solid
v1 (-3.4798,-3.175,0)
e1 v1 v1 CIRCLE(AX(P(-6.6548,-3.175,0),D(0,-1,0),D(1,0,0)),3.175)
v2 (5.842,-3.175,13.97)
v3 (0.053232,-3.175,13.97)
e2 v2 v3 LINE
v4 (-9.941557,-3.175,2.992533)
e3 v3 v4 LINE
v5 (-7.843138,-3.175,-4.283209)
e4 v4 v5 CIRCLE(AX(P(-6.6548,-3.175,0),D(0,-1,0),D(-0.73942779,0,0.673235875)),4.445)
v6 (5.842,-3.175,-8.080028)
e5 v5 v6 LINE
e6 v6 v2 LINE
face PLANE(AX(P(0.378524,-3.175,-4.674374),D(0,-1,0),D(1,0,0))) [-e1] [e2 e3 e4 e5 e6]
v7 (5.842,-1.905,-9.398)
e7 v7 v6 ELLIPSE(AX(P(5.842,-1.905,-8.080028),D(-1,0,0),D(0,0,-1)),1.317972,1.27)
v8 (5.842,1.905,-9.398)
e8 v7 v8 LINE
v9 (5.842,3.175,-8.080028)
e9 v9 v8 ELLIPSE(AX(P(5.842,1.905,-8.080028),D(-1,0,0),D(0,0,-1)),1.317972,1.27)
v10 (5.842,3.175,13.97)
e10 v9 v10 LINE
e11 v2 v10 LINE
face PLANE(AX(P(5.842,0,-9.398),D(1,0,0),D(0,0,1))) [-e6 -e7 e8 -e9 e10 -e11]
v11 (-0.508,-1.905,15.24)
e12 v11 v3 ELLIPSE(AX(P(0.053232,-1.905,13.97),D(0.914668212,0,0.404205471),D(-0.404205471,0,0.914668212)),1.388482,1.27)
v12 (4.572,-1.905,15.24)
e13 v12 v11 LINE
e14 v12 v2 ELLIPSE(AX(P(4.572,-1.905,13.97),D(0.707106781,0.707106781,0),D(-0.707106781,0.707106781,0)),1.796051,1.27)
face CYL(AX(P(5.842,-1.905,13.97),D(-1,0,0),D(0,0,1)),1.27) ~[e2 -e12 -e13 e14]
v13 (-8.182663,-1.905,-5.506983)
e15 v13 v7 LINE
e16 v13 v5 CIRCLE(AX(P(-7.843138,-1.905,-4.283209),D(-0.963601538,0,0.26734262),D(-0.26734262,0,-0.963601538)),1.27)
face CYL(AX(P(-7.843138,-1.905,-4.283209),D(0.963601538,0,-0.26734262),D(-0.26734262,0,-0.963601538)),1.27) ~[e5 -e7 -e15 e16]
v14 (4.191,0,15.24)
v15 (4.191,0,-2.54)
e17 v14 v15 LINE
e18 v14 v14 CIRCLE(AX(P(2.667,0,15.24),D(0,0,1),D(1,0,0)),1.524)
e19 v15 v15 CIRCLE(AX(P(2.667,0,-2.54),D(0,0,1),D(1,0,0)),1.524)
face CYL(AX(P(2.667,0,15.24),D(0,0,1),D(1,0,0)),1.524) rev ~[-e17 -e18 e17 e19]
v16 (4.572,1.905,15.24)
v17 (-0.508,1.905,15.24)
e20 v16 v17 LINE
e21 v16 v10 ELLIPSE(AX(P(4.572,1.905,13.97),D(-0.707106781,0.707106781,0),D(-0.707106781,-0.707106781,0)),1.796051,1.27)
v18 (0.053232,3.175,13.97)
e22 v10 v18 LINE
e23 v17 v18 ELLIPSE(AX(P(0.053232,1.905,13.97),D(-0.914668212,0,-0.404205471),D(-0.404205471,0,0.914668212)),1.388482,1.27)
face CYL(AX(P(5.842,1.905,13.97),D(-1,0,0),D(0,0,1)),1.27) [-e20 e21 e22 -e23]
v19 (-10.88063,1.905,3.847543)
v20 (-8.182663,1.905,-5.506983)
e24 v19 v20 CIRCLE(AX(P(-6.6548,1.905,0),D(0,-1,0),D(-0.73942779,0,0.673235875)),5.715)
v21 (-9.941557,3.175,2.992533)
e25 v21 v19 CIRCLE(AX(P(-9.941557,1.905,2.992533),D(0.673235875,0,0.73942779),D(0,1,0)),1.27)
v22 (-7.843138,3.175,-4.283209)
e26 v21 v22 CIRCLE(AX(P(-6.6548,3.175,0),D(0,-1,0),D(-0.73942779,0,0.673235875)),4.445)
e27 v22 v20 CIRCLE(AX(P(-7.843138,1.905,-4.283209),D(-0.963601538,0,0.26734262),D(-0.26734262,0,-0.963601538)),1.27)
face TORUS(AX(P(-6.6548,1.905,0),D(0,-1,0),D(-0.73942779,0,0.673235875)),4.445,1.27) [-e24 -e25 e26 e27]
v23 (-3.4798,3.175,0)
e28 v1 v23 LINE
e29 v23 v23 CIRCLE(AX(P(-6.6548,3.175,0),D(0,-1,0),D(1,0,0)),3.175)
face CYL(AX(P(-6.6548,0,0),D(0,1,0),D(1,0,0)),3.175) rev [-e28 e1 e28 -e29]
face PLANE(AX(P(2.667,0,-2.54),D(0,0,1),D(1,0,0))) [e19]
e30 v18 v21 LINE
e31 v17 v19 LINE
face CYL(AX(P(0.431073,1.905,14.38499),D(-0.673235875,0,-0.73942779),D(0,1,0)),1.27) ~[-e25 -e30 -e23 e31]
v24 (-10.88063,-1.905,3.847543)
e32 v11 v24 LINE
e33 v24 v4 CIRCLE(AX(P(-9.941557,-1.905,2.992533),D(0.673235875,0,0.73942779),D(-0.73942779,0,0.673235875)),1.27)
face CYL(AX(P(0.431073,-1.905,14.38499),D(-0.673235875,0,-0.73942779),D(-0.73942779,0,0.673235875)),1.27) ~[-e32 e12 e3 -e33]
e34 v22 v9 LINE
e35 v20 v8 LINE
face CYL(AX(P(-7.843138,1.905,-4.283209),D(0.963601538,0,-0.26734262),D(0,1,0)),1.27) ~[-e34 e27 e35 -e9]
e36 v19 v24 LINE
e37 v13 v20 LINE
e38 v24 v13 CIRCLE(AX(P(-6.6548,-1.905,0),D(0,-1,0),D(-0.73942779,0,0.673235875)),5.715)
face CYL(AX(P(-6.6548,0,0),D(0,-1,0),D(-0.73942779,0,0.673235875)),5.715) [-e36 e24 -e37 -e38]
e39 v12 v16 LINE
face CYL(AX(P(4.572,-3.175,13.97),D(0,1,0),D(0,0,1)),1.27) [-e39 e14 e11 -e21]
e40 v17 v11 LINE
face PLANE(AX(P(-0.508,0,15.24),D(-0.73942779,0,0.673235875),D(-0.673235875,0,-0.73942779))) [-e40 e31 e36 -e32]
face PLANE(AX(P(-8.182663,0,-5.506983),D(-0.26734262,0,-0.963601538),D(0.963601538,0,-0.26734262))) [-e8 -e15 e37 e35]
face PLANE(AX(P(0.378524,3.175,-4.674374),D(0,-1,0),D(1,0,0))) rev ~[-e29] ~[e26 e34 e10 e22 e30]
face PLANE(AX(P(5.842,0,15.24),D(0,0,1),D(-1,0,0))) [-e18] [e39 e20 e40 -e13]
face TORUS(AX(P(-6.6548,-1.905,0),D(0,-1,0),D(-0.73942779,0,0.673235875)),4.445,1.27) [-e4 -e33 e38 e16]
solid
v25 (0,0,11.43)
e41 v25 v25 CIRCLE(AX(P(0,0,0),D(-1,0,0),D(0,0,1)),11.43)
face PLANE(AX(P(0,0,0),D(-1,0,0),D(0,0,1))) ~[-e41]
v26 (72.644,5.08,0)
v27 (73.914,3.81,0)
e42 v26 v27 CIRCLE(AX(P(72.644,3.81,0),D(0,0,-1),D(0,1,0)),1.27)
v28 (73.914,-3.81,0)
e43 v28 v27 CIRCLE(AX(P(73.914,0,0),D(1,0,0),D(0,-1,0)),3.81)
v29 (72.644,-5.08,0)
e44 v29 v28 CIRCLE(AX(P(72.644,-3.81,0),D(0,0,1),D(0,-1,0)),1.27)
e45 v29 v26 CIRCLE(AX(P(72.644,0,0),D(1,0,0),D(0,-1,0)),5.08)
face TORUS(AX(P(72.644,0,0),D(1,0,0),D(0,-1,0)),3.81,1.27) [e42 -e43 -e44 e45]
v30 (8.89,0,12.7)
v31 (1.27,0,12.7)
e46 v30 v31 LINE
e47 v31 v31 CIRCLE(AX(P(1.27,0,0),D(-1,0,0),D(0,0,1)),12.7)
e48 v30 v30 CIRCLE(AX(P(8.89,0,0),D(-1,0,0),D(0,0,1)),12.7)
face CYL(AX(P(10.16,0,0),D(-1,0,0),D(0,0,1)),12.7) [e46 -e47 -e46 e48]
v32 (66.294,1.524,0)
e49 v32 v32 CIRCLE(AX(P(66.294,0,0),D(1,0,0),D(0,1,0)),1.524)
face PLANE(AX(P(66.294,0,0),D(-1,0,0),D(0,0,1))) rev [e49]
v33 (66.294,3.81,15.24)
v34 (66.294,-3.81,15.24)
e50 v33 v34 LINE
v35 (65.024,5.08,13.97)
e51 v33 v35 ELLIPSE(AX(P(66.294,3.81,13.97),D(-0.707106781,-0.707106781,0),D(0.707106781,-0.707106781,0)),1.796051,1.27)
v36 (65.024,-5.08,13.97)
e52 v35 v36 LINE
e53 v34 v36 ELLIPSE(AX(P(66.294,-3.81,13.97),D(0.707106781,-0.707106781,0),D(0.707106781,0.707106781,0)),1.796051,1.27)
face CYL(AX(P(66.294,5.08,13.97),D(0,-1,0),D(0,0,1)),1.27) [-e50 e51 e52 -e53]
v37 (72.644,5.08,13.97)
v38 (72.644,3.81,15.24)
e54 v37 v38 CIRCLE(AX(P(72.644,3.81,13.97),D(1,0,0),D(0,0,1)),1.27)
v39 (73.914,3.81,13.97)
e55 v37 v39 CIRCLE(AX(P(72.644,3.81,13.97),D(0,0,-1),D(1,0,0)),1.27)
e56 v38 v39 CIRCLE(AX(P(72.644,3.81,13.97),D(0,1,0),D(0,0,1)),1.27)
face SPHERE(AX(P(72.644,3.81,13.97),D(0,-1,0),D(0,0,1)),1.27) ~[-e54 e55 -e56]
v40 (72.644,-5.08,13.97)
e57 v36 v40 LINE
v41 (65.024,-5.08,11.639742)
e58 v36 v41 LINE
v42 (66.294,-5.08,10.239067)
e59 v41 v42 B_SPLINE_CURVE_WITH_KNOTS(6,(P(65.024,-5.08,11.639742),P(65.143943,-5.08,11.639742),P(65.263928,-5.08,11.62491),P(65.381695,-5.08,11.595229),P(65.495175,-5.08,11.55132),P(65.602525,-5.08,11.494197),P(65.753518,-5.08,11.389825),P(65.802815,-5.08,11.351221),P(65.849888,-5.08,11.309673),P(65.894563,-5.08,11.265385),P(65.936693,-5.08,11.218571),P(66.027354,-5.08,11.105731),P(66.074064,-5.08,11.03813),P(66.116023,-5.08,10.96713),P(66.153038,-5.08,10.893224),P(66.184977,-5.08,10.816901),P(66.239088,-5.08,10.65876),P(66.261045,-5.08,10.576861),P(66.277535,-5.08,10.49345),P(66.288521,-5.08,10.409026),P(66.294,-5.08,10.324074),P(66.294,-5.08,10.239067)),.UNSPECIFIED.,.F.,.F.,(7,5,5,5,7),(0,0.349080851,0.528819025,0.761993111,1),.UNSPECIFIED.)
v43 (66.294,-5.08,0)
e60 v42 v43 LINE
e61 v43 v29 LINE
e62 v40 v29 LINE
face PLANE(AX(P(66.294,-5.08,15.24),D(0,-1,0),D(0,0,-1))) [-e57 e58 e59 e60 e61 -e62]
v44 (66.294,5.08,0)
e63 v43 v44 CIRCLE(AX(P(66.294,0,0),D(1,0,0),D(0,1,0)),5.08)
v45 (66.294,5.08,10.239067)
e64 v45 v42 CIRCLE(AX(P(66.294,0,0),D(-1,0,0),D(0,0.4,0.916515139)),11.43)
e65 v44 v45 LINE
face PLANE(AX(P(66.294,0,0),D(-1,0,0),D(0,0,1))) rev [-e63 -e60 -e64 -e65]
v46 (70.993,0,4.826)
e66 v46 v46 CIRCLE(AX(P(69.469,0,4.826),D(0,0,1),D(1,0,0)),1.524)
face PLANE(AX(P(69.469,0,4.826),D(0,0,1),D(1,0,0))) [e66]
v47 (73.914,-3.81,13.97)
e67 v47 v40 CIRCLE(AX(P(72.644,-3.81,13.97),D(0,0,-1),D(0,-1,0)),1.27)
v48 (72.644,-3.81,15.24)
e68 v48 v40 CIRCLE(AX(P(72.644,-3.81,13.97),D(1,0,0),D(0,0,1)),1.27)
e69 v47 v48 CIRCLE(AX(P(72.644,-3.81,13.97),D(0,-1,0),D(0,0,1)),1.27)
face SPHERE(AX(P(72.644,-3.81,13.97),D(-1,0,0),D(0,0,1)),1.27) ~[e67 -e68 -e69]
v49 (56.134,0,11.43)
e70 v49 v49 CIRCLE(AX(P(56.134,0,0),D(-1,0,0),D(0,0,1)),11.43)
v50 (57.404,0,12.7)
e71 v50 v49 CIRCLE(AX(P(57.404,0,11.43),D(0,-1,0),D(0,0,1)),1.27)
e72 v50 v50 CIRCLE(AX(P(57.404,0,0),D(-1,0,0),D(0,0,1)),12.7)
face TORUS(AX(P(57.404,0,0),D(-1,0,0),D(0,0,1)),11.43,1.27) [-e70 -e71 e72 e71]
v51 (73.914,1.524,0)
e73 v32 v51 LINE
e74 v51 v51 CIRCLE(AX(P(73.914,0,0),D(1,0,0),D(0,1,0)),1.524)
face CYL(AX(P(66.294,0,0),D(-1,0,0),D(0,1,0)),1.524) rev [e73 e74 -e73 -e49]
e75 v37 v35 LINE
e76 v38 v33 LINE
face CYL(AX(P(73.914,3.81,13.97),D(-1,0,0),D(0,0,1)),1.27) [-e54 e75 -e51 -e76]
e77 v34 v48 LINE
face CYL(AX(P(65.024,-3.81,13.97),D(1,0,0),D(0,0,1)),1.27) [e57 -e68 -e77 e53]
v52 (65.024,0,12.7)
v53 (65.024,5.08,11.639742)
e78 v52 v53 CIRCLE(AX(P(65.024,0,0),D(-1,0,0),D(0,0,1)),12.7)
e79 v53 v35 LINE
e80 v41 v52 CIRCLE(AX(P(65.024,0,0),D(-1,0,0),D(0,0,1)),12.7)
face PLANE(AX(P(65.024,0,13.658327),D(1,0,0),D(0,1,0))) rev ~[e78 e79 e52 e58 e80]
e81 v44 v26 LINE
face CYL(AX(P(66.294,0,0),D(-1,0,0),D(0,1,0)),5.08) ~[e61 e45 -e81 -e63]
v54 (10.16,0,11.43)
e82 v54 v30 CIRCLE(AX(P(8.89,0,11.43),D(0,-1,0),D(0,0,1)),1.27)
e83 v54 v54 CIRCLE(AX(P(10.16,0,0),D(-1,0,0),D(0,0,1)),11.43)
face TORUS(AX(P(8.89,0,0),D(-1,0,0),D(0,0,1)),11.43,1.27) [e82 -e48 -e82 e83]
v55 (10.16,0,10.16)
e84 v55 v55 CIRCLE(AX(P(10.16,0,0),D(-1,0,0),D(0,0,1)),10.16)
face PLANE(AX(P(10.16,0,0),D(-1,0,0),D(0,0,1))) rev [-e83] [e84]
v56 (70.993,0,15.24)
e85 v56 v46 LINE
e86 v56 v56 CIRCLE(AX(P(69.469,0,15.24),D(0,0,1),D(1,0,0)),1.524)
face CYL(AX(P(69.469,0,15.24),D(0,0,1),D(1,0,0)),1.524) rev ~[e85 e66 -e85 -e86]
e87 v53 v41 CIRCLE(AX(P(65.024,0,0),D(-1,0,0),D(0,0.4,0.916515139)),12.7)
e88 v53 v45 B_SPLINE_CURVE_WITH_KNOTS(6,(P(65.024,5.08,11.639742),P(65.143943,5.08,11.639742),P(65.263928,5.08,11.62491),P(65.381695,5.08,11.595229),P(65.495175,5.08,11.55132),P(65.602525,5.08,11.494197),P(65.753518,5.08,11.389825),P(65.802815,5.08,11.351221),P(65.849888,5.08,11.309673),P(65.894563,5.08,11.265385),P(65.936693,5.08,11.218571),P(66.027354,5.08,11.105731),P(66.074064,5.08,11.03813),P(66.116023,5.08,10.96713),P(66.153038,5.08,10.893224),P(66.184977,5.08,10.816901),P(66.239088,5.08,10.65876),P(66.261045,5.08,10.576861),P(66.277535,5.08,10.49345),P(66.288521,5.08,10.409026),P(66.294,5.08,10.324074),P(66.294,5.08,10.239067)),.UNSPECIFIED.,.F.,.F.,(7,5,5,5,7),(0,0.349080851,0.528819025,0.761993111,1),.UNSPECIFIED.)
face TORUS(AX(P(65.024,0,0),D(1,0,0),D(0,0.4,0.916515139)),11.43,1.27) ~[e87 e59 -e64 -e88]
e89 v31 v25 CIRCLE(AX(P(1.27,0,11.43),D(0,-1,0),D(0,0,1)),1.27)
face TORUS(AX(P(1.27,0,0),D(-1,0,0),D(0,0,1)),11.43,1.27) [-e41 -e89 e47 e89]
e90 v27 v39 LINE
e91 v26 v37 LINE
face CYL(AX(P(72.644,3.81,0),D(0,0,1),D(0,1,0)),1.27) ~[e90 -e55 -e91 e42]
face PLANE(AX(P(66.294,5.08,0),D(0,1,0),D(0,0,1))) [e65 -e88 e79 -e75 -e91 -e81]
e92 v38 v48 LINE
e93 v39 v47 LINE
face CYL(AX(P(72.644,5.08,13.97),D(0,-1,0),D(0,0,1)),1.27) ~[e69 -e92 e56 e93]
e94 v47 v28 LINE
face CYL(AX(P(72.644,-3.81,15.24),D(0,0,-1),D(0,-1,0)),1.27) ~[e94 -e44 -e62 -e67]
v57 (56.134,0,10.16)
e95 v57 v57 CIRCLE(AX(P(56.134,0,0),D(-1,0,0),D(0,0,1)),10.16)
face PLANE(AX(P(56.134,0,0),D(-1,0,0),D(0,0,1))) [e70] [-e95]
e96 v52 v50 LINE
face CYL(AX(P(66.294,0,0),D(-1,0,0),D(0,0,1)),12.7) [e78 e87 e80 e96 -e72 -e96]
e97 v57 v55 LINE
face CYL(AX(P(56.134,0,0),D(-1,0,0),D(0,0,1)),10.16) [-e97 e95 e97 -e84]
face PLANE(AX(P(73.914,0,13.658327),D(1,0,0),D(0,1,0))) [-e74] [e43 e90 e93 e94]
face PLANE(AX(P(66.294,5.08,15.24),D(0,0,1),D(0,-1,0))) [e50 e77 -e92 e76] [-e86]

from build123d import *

# Parameters (mm, degrees)
F0_W     = 5.842
F0_H     = 12.7
F0_R     = 3.175
F2_DEPTH = 3.175
F3_R     = 1.524
F4_DEPTH = 7.62
F5_DEPTH = 1.27
F6_R     = 1.524
F7_DEPTH = 10.414
F8_R     = 1.524
F9_DEPTH = 17.78
F10_R    = 1.27
F10_2_R  = 1.27


with BuildPart() as f1:
    # F0 (on Front) → F1 (revolve)
    with BuildSketch(Plane.XZ):
        Polygon((5.842, 12.7), (5.842, 0), (66.294, 0), (66.294, 12.7), (56.134, 12.7), (56.134, 10.16), (10.16, 10.16), (10.16, 12.7), align=None)
        with Locations((2.921, 6.35)):
            Rectangle(F0_W, F0_H)
    revolve(axis=Axis((33.147, 0, 0), (-1, 0, 0)))

    # F3 (on face) → F4 (join)
    with BuildSketch(Plane.YZ.offset(66.294)):
        with BuildLine():
            ThreePointArc((-5.08, 11.6397422652), (0, 12.7), (5.08, 11.6397422652))
            Line((5.08, 11.6397422652), (5.08, 15.24))
            Line((5.08, 15.24), (-5.08, 15.24))
            Line((-5.08, 15.24), (-5.08, 11.6397422652))
        make_face()
        with BuildLine():
            ThreePointArc((-5.08, 0), (0, 5.08), (5.08, 0))
            Line((5.08, 0), (5.08, 11.6397422652))
            ThreePointArc((5.08, 11.6397422652), (0, 12.7), (-5.08, 11.6397422652))
            Line((-5.08, 11.6397422652), (-5.08, 0))
        make_face()
        with BuildLine():
            ThreePointArc((-5.08, 0), (0, -5.08), (5.08, 0))
            ThreePointArc((5.08, 0), (0, 5.08), (-5.08, 0))
        make_face()
        Circle(F3_R, mode=Mode.SUBTRACT)
    extrude(amount=F4_DEPTH)

    # F3 (on face) → F5 (join)
    with BuildSketch(Plane.YZ.offset(66.294)):
        with BuildLine():
            ThreePointArc((-5.08, 11.6397422652), (0, 12.7), (5.08, 11.6397422652))
            Line((5.08, 11.6397422652), (5.08, 15.24))
            Line((5.08, 15.24), (-5.08, 15.24))
            Line((-5.08, 15.24), (-5.08, 11.6397422652))
        make_face()
        with BuildLine():
            ThreePointArc((-5.08, 0), (0, 5.08), (5.08, 0))
            Line((5.08, 0), (5.08, 11.6397422652))
            ThreePointArc((5.08, 11.6397422652), (0, 12.7), (-5.08, 11.6397422652))
            Line((-5.08, 11.6397422652), (-5.08, 0))
        make_face()
        with BuildLine():
            ThreePointArc((-5.08, 0), (0, -5.08), (5.08, 0))
            ThreePointArc((5.08, 0), (0, 5.08), (-5.08, 0))
        make_face()
        Circle(F3_R, mode=Mode.SUBTRACT)
    extrude(amount=-F5_DEPTH)

    # F6 (on face) → F7 (cut)
    with BuildSketch(Plane.XY.offset(15.24)):
        with Locations((69.469, 0)):
            Circle(F6_R)
    extrude(amount=-F7_DEPTH, mode=Mode.SUBTRACT)

    # F10#2
    f10_2_edges = [f1.edges().sort_by_distance(p)[0] for p in [
        (0, 0, -12.7),
        (10.16, 0, -12.7),
        (56.134, 0, -12.7),
        (66.294, 0, -12.7),
        (69.469, -5.08, 15.24),
        (65.024, 0, 15.24),
        (73.914, 0, 15.24),
        (69.469, 5.08, 15.24),
        (73.914, -5.08, 7.62),
    ]]
    fillet(f10_2_edges, radius=F10_2_R)


with BuildPart() as f2:
    # F0 (on Front) → F2 (new body, symmetric)
    with BuildSketch(Plane.XZ):
        with BuildLine():
            Line((5.842, 0), (0, 0))
            Line((0, 0), (-0.9398, 0))
            ThreePointArc((-0.9398, 0), (-3.1957909266, -4.5493385486), (-8.1826630726, -5.5069827884))
            Line((-8.1826630726, -5.5069827884), (5.842, -9.398))
            Line((5.842, -9.398), (5.842, 0))
        make_face()
        with BuildLine():
            ThreePointArc((-8.1826630726, -5.5069827884), (-3.1957909266, -4.5493385486), (-0.9398, 0))
            ThreePointArc((-0.9398, 0), (-4.5919612295, 5.3297205562), (-10.8806298187, 3.8475430269))
            ThreePointArc((-10.8806298187, 3.8475430269), (-12.1459778134, -1.5837270034), (-8.1826630726, -5.5069827884))
        make_face()
        with Locations((-6.6548, 0)):
            Circle(F0_R, mode=Mode.SUBTRACT)
        with BuildLine():
            Line((-0.9398, 0), (0, 0))
            Line((0, 0), (0, 12.7))
            Line((0, 12.7), (5.842, 12.7))
            Line((5.842, 12.7), (5.842, 15.24))
            Line((5.842, 15.24), (-0.508, 15.24))
            Line((-0.508, 15.24), (-10.8806298187, 3.8475430269))
            ThreePointArc((-10.8806298187, 3.8475430269), (-4.5919612295, 5.3297205562), (-0.9398, 0))
        make_face()
        with Locations((2.921, 6.35)):
            Rectangle(F0_W, F0_H)
    extrude(amount=F2_DEPTH, both=True)

    # F8 (on face) → F9 (cut)
    with BuildSketch(Plane.XY.offset(15.24)):
        with Locations((2.667, 0)):
            Circle(F8_R)
    extrude(amount=-F9_DEPTH, mode=Mode.SUBTRACT)

    # F10
    f10_edges = [f2.edges().sort_by_distance(p)[0] for p in [
        (2.667, 3.175, 15.24),
        (2.667, -3.175, 15.24),
        (5.842, 0, 15.24),
        (-5.694315, -3.175, 9.543772),
        (-5.694315, 3.175, 9.543772),
        (-12.145978, 3.175, -1.583727),
    ]]
    fillet(f10_edges, radius=F10_R)


solid = Compound([f1.part, f2.part])
